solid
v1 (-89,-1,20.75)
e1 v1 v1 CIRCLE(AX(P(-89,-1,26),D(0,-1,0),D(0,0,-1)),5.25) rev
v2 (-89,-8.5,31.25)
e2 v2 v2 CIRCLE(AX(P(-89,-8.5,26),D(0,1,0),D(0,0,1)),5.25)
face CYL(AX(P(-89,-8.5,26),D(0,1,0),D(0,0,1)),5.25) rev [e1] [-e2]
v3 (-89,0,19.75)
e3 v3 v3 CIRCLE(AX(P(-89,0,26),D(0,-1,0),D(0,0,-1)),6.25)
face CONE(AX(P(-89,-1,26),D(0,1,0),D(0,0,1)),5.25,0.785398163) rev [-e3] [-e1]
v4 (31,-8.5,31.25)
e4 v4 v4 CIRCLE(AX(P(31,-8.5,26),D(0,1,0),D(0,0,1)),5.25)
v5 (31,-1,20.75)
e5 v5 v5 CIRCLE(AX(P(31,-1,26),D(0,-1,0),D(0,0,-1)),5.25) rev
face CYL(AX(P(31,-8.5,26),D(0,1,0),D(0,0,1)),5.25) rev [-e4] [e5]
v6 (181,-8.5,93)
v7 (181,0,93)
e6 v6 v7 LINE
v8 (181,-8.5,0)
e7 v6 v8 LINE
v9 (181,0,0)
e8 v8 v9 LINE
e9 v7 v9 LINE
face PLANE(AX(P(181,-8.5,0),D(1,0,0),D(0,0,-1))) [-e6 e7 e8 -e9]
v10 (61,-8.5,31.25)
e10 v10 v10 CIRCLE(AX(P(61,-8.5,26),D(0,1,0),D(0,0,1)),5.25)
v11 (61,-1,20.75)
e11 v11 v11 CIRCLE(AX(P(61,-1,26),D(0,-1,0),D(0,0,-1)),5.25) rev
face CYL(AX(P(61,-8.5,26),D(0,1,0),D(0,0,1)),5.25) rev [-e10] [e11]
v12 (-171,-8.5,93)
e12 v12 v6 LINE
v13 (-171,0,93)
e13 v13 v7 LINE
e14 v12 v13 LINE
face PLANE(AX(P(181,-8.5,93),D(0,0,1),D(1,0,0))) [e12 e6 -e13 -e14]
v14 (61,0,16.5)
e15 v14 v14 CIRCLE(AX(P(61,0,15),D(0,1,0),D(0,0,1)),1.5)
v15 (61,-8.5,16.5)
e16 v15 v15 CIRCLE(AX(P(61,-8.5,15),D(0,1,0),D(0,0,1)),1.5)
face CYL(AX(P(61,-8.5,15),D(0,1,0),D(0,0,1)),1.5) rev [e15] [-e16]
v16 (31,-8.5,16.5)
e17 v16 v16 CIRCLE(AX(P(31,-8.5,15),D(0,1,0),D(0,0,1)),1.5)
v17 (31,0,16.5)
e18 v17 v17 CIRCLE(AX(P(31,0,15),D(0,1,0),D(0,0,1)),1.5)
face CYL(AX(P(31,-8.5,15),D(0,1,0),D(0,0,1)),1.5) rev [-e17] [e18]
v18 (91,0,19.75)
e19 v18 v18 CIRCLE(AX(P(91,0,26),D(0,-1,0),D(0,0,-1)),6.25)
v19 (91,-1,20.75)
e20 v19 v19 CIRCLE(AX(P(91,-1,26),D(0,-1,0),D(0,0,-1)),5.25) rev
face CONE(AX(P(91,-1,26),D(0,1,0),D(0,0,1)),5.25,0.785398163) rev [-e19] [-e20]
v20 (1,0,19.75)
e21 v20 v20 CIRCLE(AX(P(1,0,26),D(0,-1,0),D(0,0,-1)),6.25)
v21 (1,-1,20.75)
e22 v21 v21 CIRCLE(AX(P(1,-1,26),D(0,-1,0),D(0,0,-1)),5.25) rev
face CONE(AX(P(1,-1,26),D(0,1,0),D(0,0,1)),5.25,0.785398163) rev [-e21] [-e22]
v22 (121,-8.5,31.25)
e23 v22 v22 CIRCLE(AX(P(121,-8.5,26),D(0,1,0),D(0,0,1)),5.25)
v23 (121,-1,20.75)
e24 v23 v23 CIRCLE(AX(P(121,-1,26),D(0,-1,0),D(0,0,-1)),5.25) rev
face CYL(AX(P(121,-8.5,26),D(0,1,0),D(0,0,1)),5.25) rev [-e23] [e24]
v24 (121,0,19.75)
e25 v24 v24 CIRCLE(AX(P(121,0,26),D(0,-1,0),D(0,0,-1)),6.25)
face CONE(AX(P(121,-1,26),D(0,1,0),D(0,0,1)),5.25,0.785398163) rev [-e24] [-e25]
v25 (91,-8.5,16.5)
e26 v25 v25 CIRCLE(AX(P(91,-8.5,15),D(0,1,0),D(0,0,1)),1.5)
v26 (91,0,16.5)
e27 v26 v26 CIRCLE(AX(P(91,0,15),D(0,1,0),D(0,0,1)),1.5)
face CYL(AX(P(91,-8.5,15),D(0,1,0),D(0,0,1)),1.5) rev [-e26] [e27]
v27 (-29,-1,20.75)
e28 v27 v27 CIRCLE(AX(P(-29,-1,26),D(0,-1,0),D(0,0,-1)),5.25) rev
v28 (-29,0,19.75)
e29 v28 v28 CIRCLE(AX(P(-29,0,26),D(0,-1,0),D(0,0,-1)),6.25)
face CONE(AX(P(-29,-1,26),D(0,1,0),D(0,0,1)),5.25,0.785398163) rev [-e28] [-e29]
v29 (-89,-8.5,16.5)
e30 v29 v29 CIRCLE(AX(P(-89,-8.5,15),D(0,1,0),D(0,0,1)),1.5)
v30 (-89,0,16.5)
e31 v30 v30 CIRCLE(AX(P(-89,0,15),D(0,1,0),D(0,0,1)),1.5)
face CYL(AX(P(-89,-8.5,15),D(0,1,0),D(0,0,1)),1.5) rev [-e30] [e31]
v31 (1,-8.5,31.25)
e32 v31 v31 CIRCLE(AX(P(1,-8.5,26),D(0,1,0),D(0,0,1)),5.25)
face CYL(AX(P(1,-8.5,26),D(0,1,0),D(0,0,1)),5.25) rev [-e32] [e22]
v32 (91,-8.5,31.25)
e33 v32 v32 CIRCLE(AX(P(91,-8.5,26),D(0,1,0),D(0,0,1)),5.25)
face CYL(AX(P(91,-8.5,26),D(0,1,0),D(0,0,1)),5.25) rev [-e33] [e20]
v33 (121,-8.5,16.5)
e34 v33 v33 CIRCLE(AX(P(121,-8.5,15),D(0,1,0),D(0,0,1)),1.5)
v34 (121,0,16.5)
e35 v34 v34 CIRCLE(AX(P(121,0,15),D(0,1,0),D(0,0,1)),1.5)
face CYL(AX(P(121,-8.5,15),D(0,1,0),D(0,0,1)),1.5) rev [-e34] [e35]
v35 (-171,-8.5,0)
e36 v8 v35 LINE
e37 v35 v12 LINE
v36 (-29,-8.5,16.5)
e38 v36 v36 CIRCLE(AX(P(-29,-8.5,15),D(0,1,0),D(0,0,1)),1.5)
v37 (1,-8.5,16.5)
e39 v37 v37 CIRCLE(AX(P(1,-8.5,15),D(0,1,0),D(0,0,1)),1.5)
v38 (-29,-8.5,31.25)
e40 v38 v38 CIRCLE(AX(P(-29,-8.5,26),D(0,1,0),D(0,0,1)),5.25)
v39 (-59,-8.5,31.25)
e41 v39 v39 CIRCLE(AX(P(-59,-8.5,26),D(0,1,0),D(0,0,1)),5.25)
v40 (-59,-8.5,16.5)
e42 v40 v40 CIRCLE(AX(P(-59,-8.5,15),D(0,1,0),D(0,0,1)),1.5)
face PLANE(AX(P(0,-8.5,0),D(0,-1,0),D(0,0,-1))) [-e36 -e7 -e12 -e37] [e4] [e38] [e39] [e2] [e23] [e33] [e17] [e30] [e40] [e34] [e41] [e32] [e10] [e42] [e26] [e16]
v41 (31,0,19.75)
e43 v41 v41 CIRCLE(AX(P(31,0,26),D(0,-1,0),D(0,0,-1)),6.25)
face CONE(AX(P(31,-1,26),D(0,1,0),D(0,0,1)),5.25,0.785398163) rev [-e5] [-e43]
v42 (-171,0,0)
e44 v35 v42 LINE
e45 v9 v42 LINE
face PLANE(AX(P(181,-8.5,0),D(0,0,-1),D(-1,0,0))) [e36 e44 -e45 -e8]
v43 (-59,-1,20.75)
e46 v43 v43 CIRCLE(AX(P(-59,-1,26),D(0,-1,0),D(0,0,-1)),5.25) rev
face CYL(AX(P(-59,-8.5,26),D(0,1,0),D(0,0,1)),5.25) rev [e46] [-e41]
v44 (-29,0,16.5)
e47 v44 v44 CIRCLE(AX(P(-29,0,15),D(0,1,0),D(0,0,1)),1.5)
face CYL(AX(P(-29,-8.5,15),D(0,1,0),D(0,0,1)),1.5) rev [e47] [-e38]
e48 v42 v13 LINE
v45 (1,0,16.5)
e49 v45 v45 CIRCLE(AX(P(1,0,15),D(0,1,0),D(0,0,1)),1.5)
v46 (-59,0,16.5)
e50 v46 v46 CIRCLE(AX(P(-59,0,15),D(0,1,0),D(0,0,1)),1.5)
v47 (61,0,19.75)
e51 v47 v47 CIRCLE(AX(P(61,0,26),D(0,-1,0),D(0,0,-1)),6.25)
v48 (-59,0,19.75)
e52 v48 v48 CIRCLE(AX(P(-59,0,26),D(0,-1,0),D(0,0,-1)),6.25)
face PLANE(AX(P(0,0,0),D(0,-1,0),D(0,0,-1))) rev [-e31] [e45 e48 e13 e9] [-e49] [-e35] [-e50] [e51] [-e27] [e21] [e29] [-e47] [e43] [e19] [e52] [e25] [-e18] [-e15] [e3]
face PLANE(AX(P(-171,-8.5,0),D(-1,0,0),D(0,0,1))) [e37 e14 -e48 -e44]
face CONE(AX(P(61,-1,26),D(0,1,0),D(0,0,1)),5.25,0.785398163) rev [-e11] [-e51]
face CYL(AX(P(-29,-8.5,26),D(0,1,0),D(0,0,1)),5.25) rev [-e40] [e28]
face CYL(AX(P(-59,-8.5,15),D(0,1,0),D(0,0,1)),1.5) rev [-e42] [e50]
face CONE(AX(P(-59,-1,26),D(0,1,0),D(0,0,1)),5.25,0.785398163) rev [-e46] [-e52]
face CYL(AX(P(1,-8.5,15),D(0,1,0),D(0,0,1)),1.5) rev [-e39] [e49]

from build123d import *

# Parameters (mm, degrees)
ESQUISSE5_W             = 352
ESQUISSE5_H             = 93
BOSS_EXTRU_2_DEPTH      = 8.5
ESQUISSE3_R             = 1.5
ESQUISSE3_R_2           = 5.25
ENL_V_MAT_EXTRU_1_DEPTH = 9.5
CHANFREIN1_SIZE         = 1


with BuildPart() as part:
    # Esquisse5 → Boss.-Extru.2 (new body)
    with BuildSketch(Plane(origin=(0, 0, 0), x_dir=(1, 0, 0), z_dir=(0, 1, 0))):
        with Locations((5, -46.5)):
            Rectangle(ESQUISSE5_W, ESQUISSE5_H)
    extrude(amount=-BOSS_EXTRU_2_DEPTH)

    # Esquisse3 → Enlèv. mat.-Extru.1 (cut, through all)
    with BuildSketch(Plane(origin=(0, 0, 0), x_dir=(1, 0, 0), z_dir=(0, 1, 0))):
        with Locations((-89, -15)):
            Circle(ESQUISSE3_R)
        with Locations((-89, -26)):
            Circle(ESQUISSE3_R_2)
        with Locations((-59, -15)):
            Circle(ESQUISSE3_R)
        with Locations((-59, -26)):
            Circle(ESQUISSE3_R_2)
        with Locations((-29, -15)):
            Circle(ESQUISSE3_R)
        with Locations((-29, -26)):
            Circle(ESQUISSE3_R_2)
        with Locations((1, -15)):
            Circle(ESQUISSE3_R)
        with Locations((1, -26)):
            Circle(ESQUISSE3_R_2)
        with Locations((31, -15)):
            Circle(ESQUISSE3_R)
        with Locations((31, -26)):
            Circle(ESQUISSE3_R_2)
        with Locations((61, -15)):
            Circle(ESQUISSE3_R)
        with Locations((61, -26)):
            Circle(ESQUISSE3_R_2)
        with Locations((91, -15)):
            Circle(ESQUISSE3_R)
        with Locations((91, -26)):
            Circle(ESQUISSE3_R_2)
        with Locations((121, -15)):
            Circle(ESQUISSE3_R)
        with Locations((121, -26)):
            Circle(ESQUISSE3_R_2)
    extrude(amount=-ENL_V_MAT_EXTRU_1_DEPTH, mode=Mode.SUBTRACT)

    # Chanfrein1
    chanfrein1_edges = [part.edges().sort_by_distance(p)[0] for p in [
        (-34.25, 0, 26),
        (-4.25, 0, 26),
        (-94.25, 0, 26),
        (-64.25, 0, 26),
        (85.75, 0, 26),
        (115.75, 0, 26),
        (25.75, 0, 26),
        (55.75, 0, 26),
    ]]
    chamfer(chanfrein1_edges, length=CHANFREIN1_SIZE)


solid = part.part
